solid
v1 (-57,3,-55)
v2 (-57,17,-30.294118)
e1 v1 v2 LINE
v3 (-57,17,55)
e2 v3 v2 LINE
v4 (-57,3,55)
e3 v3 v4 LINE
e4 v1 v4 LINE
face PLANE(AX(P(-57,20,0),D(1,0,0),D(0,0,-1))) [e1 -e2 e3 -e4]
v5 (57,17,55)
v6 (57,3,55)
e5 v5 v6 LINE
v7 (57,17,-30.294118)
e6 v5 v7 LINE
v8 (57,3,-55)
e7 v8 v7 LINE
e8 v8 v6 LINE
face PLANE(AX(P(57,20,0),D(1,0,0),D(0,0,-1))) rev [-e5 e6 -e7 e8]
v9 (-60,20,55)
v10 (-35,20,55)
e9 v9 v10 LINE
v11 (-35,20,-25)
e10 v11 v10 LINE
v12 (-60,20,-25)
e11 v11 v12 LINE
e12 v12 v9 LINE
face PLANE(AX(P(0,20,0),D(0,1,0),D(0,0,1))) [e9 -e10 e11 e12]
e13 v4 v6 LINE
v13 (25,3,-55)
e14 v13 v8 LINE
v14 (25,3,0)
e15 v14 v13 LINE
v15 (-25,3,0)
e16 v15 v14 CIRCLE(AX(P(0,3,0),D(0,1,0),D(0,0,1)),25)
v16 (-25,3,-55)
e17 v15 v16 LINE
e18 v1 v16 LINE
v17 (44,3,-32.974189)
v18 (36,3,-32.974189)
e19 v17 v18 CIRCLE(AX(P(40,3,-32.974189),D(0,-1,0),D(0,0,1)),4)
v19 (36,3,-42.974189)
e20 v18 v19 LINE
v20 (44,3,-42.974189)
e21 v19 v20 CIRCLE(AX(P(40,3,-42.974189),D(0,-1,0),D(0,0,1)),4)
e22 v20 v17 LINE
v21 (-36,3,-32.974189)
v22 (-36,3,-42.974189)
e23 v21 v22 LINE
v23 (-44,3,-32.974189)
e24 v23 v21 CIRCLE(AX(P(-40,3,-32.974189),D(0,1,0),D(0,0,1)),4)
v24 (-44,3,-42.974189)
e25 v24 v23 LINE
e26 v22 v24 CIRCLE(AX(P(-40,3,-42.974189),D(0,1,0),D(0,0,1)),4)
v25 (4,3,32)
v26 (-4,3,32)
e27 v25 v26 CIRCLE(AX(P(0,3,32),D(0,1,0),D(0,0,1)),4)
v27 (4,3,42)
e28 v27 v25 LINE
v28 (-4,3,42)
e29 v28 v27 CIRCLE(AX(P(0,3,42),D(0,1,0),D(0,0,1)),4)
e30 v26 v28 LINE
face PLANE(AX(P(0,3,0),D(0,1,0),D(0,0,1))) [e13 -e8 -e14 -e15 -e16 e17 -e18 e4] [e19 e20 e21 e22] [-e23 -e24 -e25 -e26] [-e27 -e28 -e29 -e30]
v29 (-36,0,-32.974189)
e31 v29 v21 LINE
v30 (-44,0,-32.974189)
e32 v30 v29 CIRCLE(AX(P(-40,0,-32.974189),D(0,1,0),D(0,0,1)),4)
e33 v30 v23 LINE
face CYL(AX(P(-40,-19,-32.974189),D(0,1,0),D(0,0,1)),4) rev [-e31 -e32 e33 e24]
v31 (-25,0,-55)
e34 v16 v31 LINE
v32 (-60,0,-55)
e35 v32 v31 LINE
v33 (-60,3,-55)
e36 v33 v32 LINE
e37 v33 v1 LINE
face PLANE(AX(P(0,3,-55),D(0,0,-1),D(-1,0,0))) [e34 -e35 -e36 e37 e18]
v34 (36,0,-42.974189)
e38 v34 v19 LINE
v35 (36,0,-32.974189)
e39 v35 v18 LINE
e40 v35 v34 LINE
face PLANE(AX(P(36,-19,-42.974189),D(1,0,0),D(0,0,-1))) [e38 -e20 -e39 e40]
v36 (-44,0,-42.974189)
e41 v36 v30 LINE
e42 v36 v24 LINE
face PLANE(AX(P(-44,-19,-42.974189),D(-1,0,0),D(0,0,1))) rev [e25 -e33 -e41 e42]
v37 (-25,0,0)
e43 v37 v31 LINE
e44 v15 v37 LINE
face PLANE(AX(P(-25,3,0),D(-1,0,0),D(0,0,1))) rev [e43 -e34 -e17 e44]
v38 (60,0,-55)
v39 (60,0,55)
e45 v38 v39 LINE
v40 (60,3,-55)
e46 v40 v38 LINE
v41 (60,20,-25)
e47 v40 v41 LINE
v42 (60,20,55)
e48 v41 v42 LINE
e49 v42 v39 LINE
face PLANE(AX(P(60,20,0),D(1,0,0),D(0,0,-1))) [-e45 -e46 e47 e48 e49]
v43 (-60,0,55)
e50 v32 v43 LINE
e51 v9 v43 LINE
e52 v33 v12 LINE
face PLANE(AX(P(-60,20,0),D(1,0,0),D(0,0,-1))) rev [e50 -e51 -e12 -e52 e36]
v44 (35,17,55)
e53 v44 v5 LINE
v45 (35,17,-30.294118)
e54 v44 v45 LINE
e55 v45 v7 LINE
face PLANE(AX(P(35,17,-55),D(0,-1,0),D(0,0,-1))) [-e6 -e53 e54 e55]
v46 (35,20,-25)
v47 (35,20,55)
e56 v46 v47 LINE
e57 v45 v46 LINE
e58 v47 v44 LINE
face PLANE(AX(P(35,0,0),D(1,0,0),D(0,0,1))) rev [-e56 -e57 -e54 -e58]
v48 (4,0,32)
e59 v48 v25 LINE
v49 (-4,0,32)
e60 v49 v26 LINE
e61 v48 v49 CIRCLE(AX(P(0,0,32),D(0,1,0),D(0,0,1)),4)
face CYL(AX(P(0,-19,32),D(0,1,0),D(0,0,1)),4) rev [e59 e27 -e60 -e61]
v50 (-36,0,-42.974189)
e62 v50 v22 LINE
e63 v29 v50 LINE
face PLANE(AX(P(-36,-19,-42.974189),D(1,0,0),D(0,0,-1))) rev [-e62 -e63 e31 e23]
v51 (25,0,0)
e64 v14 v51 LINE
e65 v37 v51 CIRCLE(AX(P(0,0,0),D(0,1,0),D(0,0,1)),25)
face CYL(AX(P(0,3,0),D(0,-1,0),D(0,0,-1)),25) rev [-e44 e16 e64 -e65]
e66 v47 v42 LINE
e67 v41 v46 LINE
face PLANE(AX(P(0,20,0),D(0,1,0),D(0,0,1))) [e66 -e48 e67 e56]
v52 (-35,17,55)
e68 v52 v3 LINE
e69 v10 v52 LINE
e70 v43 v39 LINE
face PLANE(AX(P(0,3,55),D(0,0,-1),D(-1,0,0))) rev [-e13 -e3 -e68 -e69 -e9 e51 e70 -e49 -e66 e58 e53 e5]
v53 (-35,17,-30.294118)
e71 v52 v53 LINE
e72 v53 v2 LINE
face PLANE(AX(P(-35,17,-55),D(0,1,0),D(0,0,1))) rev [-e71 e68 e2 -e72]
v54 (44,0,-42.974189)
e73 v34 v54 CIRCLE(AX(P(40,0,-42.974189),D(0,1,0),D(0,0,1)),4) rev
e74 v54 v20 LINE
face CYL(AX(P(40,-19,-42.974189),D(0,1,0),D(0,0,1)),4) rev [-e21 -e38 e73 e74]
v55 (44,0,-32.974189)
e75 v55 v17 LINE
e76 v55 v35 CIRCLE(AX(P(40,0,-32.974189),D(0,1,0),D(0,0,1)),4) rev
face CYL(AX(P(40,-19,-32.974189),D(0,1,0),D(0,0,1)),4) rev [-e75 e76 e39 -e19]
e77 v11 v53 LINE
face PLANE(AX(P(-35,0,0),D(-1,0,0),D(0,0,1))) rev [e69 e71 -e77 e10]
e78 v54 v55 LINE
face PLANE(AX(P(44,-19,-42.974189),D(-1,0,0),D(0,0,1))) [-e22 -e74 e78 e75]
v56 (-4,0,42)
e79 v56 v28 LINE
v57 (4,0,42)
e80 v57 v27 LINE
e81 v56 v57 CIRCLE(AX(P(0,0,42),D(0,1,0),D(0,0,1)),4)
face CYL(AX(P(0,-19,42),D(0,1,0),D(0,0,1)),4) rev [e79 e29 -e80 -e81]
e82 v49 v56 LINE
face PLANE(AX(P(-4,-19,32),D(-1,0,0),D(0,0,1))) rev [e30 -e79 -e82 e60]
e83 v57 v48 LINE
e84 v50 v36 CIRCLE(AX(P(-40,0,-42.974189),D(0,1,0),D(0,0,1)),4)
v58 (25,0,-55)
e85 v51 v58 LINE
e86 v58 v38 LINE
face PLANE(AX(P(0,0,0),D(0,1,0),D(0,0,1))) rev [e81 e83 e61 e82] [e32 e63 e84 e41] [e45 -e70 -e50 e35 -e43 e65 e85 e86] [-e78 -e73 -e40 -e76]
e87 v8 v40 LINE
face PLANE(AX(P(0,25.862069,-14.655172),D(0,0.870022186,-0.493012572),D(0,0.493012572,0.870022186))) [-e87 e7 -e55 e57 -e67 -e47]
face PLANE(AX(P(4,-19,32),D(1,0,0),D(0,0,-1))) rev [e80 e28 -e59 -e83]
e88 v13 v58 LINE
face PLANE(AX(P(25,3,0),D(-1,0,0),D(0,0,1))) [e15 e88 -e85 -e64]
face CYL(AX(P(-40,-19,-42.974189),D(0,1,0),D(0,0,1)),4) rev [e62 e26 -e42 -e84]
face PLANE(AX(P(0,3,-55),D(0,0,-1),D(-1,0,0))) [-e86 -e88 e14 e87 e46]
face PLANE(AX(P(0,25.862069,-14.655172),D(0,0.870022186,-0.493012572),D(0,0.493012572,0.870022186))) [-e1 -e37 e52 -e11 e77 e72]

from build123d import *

# Parameters (mm, degrees)
BOSS_EXTRUDE1_DEPTH = 3
SKETCH1_3_W         = 3
SKETCH1_3_H         = 110
BOSS_EXTRUDE2_DEPTH = 20
SKETCH4_W           = 110
SKETCH4_H           = 3
BOSS_EXTRUDE3_DEPTH = 22
SKETCH9_W           = 153.774265812
SKETCH9_H           = 63.565026257
CUT_EXTRUDE1_DEPTH  = 96.502301832
CUT_EXTRUDE2_DEPTH  = 22
CUT_EXTRUDE3_DEPTH  = 22


with BuildPart() as part:
    # Sketch1 → Boss-Extrude1 (new body)
    with BuildSketch(Plane(origin=(0, 0, 0), x_dir=(1, 0, 0), z_dir=(0, 1, 0))):
        with BuildLine():
            Line((-25, 55), (-57, 55))
            Line((-57, 55), (-57, -55))
            Line((-57, -55), (57, -55))
            Line((57, -55), (57, 55))
            Line((57, 55), (25, 55))
            Line((25, 55), (25, 0))
            ThreePointArc((25, 0), (0, -25), (-25, 0))
            Line((-25, 0), (-25, 55))
        make_face()
    extrude(amount=BOSS_EXTRUDE1_DEPTH)

    # Sketch1<3> → Boss-Extrude2 (add)
    with BuildSketch(Plane(origin=(0, 0, 0), x_dir=(1, 0, 0), z_dir=(0, 1, 0))):
        with Locations((-58.5, 0)):
            Rectangle(SKETCH1_3_W, SKETCH1_3_H)
        with Locations((58.5, 0)):
            Rectangle(SKETCH1_3_W, SKETCH1_3_H)
    extrude(amount=BOSS_EXTRUDE2_DEPTH)

    # Sketch4 → Boss-Extrude3 (add)
    with BuildSketch(Plane(origin=(-57, 0, 0), x_dir=(0, 0, -1), z_dir=(1, 0, 0))):
        with Locations((0, 18.5)):
            Rectangle(SKETCH4_W, SKETCH4_H)
    boss_extrude3 = extrude(amount=BOSS_EXTRUDE3_DEPTH)

    # Mirror1: Boss-Extrude3 across plane
    add(boss_extrude3.mirror(Plane(origin=(0, 0, 0), x_dir=(0, 0, 1), z_dir=(1, 0, 0))))

    # Sketch9 → Cut-Extrude1 (cut, through all)
    with BuildSketch(Plane(origin=(0, 25.862068966, -14.655172414), x_dir=(1, 0, 0), z_dir=(0, 0.8700221858486125, -0.4930125719808804))):
        with Locations((-2.934476774, 31.782513129)):
            Rectangle(SKETCH9_W, SKETCH9_H)
    extrude(amount=CUT_EXTRUDE1_DEPTH, mode=Mode.SUBTRACT)

    # Sketch10 → Cut-Extrude2 (cut)
    with BuildSketch(Plane(origin=(0, 3, 0), x_dir=(1, 0, 0), z_dir=(0, 1, 0))):
        with BuildLine():
            Line((-36, 42.9741892), (-36, 32.9741892))
            ThreePointArc((-36, 32.9741892), (-40, 28.9741892), (-44, 32.9741892))
            Line((-44, 32.9741892), (-44, 42.9741892))
            ThreePointArc((-44, 42.9741892), (-40, 46.9741892), (-36, 42.9741892))
        make_face()
    cut_extrude2 = extrude(amount=-CUT_EXTRUDE2_DEPTH, mode=Mode.SUBTRACT)

    # Mirror2: Cut-Extrude2 across plane
    add(cut_extrude2.mirror(Plane(origin=(0, 0, 0), x_dir=(0, 0, 1), z_dir=(1, 0, 0))), mode=Mode.SUBTRACT)

    # Sketch11 → Cut-Extrude3 (cut)
    with BuildSketch(Plane(origin=(0, 3, 0), x_dir=(1, 0, 0), z_dir=(0, 1, 0))):
        with BuildLine():
            Line((4, -32), (4, -42))
            ThreePointArc((4, -42), (0, -46), (-4, -42))
            Line((-4, -42), (-4, -32))
            ThreePointArc((-4, -32), (0, -28), (4, -32))
        make_face()
    extrude(amount=-CUT_EXTRUDE3_DEPTH, mode=Mode.SUBTRACT)


solid = part.part
